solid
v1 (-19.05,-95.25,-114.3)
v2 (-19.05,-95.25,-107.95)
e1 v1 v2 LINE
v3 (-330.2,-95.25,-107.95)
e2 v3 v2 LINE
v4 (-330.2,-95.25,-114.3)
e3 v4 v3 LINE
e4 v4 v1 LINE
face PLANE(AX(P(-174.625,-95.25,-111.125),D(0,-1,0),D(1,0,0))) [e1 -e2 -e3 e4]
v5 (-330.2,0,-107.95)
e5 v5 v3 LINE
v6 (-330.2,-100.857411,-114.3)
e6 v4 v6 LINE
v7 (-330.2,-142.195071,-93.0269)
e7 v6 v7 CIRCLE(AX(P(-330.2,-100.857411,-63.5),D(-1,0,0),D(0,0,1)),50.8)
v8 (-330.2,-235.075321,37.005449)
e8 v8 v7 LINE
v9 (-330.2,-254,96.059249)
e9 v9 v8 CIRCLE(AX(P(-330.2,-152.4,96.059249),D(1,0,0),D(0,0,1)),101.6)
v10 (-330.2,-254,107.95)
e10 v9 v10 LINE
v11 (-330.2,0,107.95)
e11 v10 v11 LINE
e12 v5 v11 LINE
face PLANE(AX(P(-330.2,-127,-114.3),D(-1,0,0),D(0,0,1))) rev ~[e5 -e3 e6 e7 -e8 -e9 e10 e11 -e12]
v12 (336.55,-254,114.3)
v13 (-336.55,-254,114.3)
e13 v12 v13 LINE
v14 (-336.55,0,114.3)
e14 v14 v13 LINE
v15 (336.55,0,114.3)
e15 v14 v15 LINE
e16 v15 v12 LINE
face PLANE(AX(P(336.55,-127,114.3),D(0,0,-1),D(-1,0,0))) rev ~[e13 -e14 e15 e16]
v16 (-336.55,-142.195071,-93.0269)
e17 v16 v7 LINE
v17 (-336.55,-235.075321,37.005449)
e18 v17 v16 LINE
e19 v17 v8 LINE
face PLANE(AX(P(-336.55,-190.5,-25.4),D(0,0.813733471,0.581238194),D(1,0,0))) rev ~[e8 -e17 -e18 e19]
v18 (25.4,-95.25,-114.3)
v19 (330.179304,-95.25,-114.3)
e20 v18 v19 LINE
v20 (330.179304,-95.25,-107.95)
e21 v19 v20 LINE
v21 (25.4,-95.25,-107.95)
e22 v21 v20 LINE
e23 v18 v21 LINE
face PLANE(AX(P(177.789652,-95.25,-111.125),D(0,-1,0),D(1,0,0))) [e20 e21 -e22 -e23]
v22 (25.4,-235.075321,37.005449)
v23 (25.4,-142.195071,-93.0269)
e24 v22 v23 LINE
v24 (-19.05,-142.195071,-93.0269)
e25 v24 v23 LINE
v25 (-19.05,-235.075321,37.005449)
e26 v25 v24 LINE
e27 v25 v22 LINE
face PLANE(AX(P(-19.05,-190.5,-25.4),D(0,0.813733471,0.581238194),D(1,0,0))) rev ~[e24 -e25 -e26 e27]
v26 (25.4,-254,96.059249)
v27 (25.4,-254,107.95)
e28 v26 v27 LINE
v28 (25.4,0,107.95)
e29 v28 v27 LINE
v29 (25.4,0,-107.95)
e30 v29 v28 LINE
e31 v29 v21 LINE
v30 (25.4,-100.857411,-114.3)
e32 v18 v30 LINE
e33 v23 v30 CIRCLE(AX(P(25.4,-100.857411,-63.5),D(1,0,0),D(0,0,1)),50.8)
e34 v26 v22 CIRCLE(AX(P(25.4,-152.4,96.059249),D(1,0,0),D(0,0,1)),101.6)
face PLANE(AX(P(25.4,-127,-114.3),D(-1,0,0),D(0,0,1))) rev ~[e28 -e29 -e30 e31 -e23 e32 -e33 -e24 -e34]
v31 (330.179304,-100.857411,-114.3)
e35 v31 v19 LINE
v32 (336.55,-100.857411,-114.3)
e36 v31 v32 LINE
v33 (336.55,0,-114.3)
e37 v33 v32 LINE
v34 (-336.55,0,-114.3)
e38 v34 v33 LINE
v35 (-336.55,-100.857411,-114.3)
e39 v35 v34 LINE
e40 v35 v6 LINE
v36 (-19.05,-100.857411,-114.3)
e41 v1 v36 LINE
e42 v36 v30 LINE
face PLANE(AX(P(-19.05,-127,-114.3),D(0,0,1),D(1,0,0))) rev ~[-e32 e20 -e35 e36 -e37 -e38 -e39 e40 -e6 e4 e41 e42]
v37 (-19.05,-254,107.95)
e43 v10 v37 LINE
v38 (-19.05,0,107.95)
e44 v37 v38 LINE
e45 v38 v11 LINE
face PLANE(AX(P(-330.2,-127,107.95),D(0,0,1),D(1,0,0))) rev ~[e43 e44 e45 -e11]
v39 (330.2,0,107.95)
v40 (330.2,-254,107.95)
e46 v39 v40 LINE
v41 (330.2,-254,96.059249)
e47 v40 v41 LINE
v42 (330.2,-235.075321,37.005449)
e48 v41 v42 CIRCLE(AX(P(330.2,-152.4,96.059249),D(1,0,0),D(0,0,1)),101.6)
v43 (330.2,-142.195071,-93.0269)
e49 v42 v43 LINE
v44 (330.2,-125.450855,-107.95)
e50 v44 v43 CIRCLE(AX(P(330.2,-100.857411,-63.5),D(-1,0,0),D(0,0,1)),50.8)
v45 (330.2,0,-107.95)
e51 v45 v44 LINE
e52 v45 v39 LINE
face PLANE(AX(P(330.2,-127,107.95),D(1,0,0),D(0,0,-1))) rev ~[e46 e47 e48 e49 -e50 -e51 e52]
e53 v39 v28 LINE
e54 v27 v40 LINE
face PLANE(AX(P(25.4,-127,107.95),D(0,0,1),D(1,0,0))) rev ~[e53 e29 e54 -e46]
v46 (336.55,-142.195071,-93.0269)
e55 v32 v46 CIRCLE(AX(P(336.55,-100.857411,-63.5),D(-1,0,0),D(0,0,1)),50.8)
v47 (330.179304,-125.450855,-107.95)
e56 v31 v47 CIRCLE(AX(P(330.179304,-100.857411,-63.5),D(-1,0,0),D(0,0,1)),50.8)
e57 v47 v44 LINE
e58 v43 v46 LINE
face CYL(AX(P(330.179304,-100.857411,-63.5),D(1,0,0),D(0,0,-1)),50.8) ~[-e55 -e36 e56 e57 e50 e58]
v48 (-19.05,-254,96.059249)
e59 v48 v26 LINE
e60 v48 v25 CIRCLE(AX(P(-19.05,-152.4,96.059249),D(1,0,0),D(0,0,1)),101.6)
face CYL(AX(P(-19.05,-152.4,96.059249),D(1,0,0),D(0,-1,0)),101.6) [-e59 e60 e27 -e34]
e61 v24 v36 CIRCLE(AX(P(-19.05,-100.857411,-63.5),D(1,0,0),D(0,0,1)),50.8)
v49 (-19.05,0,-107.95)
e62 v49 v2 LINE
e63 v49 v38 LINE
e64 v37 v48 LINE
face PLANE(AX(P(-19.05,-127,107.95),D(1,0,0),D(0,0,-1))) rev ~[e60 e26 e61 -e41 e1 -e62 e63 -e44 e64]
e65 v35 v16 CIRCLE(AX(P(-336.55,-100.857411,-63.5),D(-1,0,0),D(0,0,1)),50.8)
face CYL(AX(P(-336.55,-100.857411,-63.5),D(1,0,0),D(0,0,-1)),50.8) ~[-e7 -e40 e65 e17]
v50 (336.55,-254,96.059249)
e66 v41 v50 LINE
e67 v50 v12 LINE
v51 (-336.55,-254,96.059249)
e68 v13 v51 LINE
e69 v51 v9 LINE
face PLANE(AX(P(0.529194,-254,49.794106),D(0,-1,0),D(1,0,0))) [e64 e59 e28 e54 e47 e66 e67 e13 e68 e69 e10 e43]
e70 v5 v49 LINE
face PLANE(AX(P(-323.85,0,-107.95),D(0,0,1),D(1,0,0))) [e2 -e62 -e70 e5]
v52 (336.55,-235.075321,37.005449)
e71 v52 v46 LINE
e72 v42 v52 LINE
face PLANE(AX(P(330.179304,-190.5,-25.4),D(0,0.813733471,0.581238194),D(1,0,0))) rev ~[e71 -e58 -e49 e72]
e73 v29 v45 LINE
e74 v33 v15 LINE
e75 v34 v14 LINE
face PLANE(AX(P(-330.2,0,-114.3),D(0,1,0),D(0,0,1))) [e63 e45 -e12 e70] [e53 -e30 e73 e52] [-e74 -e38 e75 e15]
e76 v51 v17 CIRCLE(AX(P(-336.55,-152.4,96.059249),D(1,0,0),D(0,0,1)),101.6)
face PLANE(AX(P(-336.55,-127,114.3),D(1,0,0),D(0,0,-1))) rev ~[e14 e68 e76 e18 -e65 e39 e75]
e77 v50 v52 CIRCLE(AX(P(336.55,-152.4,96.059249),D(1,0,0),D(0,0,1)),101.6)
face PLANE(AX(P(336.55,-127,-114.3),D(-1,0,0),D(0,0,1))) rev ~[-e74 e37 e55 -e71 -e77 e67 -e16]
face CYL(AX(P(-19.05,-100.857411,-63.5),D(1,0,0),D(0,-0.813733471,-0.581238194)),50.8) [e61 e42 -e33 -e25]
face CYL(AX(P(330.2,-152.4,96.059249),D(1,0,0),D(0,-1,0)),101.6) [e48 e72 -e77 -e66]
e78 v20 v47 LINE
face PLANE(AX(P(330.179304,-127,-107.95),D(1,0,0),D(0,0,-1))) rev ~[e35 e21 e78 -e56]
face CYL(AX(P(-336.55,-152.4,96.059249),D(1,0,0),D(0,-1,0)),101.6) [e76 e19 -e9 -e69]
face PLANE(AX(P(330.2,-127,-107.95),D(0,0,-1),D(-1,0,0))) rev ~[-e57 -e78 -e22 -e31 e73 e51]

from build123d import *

# Parameters (mm, degrees)
F0_W      = 660.4
F0_H      = 228.6
F0_W_2    = 320.675
F0_H_2    = 215.9
F1_DEPTH  = 127
F2_DEPTH  = 22.225
F3_DEPTH  = 6.35
F4_DEPTH  = 6.35
F5_DEPTH  = 6.35
F6_DEPTH  = 6.35
F7_W      = 311.15
F7_H      = 6.35
F7_W_2    = 304.7793038845
F8_DEPTH  = 31.75
F10_DEPTH = 127
F11_SIZE2 = 127
F11_SIZE  = 177.8
F12_R     = 101.6
F13_R     = 50.8


with BuildPart() as f1:
    # F0 (on Front) → F1 (new body)
    with BuildSketch(Plane.XZ):
        Rectangle(F0_W, F0_H)
        with Locations((-163.5125, 0)):
            Rectangle(F0_W_2, F0_H_2, mode=Mode.SUBTRACT)
        with Locations((163.5125, 0)):
            Rectangle(F0_W_2, F0_H_2, mode=Mode.SUBTRACT)
    extrude(amount=F1_DEPTH)

    # F2 (add, symmetric): a face of the model
    f2_faces = [f1.faces().sort_by_distance(p)[0] for p in [
        (3.175, -63.5, 0),
    ]]
    extrude(f2_faces, amount=F2_DEPTH, both=True)

    # F3 (add): a face of the model
    f3_faces = [f1.faces().sort_by_distance(p)[0] for p in [
        (330.2, -63.5, 0),
    ]]
    extrude(f3_faces, amount=F3_DEPTH)

    # F4 (cut): a face of the model
    f4_faces = [f1.faces().sort_by_distance(p)[0] for p in [
        (323.85, -63.5, 0),
    ]]
    extrude(f4_faces, amount=-F4_DEPTH, mode=Mode.SUBTRACT)

    # F5 (add): a face of the model
    f5_faces = [f1.faces().sort_by_distance(p)[0] for p in [
        (-330.2, -63.5, 0),
    ]]
    extrude(f5_faces, amount=F5_DEPTH)

    # F6 (cut): a face of the model
    f6_faces = [f1.faces().sort_by_distance(p)[0] for p in [
        (-323.85, -63.5, 0),
    ]]
    extrude(f6_faces, amount=-F6_DEPTH, mode=Mode.SUBTRACT)

    # F7 (on face) → F8 (cut)
    with BuildSketch(Plane.XZ.offset(127)):
        with Locations((-174.625, -111.125)):
            Rectangle(F7_W, F7_H)
        with Locations((177.7896519423, -111.125)):
            Rectangle(F7_W_2, F7_H)
    extrude(amount=-F8_DEPTH, mode=Mode.SUBTRACT)

    # F9 (on face) → F10 (join)
    with BuildSketch(Plane.XZ.offset(127)):
        Polygon((-19.05, 107.95), (-19.05, -114.3), (25.4, -114.3), (25.4, 107.95), (330.2, 107.95), (330.2, -107.95), (330.1793038845, -107.95), (330.1793038845, -114.3), (336.55, -114.3), (336.55, 114.3), (-336.55, 114.3), (-336.55, -114.3), (-330.2, -114.3), (-330.2, 107.95), align=None)
    extrude(amount=F10_DEPTH)

    # F11
    f11_edges = [f1.edges().sort_by_distance(p)[0] for p in [
        (3.175, -254, -114.3),
        (-333.375, -254, -114.3),
        (333.364652, -254, -114.3),
    ]]
    f11_side = f1.faces().sort_by_distance((1.850226, -254, 25.602564))[0]
    chamfer(f11_edges, length=F11_SIZE, length2=F11_SIZE2, reference=f11_side)

    # F12
    f12_edges = [f1.edges().sort_by_distance(p)[0] for p in [
        (3.175, -254, 63.5),
        (-333.375, -254, 63.5),
        (333.375, -254, 63.5),
    ]]
    fillet(f12_edges, radius=F12_R)

    # F13
    f13_edges = [f1.edges().sort_by_distance(p)[0] for p in [
        (3.175, -127, -114.3),
        (-333.375, -127, -114.3),
        (333.364652, -127, -114.3),
    ]]
    fillet(f13_edges, radius=F13_R)


solid = f1.part
